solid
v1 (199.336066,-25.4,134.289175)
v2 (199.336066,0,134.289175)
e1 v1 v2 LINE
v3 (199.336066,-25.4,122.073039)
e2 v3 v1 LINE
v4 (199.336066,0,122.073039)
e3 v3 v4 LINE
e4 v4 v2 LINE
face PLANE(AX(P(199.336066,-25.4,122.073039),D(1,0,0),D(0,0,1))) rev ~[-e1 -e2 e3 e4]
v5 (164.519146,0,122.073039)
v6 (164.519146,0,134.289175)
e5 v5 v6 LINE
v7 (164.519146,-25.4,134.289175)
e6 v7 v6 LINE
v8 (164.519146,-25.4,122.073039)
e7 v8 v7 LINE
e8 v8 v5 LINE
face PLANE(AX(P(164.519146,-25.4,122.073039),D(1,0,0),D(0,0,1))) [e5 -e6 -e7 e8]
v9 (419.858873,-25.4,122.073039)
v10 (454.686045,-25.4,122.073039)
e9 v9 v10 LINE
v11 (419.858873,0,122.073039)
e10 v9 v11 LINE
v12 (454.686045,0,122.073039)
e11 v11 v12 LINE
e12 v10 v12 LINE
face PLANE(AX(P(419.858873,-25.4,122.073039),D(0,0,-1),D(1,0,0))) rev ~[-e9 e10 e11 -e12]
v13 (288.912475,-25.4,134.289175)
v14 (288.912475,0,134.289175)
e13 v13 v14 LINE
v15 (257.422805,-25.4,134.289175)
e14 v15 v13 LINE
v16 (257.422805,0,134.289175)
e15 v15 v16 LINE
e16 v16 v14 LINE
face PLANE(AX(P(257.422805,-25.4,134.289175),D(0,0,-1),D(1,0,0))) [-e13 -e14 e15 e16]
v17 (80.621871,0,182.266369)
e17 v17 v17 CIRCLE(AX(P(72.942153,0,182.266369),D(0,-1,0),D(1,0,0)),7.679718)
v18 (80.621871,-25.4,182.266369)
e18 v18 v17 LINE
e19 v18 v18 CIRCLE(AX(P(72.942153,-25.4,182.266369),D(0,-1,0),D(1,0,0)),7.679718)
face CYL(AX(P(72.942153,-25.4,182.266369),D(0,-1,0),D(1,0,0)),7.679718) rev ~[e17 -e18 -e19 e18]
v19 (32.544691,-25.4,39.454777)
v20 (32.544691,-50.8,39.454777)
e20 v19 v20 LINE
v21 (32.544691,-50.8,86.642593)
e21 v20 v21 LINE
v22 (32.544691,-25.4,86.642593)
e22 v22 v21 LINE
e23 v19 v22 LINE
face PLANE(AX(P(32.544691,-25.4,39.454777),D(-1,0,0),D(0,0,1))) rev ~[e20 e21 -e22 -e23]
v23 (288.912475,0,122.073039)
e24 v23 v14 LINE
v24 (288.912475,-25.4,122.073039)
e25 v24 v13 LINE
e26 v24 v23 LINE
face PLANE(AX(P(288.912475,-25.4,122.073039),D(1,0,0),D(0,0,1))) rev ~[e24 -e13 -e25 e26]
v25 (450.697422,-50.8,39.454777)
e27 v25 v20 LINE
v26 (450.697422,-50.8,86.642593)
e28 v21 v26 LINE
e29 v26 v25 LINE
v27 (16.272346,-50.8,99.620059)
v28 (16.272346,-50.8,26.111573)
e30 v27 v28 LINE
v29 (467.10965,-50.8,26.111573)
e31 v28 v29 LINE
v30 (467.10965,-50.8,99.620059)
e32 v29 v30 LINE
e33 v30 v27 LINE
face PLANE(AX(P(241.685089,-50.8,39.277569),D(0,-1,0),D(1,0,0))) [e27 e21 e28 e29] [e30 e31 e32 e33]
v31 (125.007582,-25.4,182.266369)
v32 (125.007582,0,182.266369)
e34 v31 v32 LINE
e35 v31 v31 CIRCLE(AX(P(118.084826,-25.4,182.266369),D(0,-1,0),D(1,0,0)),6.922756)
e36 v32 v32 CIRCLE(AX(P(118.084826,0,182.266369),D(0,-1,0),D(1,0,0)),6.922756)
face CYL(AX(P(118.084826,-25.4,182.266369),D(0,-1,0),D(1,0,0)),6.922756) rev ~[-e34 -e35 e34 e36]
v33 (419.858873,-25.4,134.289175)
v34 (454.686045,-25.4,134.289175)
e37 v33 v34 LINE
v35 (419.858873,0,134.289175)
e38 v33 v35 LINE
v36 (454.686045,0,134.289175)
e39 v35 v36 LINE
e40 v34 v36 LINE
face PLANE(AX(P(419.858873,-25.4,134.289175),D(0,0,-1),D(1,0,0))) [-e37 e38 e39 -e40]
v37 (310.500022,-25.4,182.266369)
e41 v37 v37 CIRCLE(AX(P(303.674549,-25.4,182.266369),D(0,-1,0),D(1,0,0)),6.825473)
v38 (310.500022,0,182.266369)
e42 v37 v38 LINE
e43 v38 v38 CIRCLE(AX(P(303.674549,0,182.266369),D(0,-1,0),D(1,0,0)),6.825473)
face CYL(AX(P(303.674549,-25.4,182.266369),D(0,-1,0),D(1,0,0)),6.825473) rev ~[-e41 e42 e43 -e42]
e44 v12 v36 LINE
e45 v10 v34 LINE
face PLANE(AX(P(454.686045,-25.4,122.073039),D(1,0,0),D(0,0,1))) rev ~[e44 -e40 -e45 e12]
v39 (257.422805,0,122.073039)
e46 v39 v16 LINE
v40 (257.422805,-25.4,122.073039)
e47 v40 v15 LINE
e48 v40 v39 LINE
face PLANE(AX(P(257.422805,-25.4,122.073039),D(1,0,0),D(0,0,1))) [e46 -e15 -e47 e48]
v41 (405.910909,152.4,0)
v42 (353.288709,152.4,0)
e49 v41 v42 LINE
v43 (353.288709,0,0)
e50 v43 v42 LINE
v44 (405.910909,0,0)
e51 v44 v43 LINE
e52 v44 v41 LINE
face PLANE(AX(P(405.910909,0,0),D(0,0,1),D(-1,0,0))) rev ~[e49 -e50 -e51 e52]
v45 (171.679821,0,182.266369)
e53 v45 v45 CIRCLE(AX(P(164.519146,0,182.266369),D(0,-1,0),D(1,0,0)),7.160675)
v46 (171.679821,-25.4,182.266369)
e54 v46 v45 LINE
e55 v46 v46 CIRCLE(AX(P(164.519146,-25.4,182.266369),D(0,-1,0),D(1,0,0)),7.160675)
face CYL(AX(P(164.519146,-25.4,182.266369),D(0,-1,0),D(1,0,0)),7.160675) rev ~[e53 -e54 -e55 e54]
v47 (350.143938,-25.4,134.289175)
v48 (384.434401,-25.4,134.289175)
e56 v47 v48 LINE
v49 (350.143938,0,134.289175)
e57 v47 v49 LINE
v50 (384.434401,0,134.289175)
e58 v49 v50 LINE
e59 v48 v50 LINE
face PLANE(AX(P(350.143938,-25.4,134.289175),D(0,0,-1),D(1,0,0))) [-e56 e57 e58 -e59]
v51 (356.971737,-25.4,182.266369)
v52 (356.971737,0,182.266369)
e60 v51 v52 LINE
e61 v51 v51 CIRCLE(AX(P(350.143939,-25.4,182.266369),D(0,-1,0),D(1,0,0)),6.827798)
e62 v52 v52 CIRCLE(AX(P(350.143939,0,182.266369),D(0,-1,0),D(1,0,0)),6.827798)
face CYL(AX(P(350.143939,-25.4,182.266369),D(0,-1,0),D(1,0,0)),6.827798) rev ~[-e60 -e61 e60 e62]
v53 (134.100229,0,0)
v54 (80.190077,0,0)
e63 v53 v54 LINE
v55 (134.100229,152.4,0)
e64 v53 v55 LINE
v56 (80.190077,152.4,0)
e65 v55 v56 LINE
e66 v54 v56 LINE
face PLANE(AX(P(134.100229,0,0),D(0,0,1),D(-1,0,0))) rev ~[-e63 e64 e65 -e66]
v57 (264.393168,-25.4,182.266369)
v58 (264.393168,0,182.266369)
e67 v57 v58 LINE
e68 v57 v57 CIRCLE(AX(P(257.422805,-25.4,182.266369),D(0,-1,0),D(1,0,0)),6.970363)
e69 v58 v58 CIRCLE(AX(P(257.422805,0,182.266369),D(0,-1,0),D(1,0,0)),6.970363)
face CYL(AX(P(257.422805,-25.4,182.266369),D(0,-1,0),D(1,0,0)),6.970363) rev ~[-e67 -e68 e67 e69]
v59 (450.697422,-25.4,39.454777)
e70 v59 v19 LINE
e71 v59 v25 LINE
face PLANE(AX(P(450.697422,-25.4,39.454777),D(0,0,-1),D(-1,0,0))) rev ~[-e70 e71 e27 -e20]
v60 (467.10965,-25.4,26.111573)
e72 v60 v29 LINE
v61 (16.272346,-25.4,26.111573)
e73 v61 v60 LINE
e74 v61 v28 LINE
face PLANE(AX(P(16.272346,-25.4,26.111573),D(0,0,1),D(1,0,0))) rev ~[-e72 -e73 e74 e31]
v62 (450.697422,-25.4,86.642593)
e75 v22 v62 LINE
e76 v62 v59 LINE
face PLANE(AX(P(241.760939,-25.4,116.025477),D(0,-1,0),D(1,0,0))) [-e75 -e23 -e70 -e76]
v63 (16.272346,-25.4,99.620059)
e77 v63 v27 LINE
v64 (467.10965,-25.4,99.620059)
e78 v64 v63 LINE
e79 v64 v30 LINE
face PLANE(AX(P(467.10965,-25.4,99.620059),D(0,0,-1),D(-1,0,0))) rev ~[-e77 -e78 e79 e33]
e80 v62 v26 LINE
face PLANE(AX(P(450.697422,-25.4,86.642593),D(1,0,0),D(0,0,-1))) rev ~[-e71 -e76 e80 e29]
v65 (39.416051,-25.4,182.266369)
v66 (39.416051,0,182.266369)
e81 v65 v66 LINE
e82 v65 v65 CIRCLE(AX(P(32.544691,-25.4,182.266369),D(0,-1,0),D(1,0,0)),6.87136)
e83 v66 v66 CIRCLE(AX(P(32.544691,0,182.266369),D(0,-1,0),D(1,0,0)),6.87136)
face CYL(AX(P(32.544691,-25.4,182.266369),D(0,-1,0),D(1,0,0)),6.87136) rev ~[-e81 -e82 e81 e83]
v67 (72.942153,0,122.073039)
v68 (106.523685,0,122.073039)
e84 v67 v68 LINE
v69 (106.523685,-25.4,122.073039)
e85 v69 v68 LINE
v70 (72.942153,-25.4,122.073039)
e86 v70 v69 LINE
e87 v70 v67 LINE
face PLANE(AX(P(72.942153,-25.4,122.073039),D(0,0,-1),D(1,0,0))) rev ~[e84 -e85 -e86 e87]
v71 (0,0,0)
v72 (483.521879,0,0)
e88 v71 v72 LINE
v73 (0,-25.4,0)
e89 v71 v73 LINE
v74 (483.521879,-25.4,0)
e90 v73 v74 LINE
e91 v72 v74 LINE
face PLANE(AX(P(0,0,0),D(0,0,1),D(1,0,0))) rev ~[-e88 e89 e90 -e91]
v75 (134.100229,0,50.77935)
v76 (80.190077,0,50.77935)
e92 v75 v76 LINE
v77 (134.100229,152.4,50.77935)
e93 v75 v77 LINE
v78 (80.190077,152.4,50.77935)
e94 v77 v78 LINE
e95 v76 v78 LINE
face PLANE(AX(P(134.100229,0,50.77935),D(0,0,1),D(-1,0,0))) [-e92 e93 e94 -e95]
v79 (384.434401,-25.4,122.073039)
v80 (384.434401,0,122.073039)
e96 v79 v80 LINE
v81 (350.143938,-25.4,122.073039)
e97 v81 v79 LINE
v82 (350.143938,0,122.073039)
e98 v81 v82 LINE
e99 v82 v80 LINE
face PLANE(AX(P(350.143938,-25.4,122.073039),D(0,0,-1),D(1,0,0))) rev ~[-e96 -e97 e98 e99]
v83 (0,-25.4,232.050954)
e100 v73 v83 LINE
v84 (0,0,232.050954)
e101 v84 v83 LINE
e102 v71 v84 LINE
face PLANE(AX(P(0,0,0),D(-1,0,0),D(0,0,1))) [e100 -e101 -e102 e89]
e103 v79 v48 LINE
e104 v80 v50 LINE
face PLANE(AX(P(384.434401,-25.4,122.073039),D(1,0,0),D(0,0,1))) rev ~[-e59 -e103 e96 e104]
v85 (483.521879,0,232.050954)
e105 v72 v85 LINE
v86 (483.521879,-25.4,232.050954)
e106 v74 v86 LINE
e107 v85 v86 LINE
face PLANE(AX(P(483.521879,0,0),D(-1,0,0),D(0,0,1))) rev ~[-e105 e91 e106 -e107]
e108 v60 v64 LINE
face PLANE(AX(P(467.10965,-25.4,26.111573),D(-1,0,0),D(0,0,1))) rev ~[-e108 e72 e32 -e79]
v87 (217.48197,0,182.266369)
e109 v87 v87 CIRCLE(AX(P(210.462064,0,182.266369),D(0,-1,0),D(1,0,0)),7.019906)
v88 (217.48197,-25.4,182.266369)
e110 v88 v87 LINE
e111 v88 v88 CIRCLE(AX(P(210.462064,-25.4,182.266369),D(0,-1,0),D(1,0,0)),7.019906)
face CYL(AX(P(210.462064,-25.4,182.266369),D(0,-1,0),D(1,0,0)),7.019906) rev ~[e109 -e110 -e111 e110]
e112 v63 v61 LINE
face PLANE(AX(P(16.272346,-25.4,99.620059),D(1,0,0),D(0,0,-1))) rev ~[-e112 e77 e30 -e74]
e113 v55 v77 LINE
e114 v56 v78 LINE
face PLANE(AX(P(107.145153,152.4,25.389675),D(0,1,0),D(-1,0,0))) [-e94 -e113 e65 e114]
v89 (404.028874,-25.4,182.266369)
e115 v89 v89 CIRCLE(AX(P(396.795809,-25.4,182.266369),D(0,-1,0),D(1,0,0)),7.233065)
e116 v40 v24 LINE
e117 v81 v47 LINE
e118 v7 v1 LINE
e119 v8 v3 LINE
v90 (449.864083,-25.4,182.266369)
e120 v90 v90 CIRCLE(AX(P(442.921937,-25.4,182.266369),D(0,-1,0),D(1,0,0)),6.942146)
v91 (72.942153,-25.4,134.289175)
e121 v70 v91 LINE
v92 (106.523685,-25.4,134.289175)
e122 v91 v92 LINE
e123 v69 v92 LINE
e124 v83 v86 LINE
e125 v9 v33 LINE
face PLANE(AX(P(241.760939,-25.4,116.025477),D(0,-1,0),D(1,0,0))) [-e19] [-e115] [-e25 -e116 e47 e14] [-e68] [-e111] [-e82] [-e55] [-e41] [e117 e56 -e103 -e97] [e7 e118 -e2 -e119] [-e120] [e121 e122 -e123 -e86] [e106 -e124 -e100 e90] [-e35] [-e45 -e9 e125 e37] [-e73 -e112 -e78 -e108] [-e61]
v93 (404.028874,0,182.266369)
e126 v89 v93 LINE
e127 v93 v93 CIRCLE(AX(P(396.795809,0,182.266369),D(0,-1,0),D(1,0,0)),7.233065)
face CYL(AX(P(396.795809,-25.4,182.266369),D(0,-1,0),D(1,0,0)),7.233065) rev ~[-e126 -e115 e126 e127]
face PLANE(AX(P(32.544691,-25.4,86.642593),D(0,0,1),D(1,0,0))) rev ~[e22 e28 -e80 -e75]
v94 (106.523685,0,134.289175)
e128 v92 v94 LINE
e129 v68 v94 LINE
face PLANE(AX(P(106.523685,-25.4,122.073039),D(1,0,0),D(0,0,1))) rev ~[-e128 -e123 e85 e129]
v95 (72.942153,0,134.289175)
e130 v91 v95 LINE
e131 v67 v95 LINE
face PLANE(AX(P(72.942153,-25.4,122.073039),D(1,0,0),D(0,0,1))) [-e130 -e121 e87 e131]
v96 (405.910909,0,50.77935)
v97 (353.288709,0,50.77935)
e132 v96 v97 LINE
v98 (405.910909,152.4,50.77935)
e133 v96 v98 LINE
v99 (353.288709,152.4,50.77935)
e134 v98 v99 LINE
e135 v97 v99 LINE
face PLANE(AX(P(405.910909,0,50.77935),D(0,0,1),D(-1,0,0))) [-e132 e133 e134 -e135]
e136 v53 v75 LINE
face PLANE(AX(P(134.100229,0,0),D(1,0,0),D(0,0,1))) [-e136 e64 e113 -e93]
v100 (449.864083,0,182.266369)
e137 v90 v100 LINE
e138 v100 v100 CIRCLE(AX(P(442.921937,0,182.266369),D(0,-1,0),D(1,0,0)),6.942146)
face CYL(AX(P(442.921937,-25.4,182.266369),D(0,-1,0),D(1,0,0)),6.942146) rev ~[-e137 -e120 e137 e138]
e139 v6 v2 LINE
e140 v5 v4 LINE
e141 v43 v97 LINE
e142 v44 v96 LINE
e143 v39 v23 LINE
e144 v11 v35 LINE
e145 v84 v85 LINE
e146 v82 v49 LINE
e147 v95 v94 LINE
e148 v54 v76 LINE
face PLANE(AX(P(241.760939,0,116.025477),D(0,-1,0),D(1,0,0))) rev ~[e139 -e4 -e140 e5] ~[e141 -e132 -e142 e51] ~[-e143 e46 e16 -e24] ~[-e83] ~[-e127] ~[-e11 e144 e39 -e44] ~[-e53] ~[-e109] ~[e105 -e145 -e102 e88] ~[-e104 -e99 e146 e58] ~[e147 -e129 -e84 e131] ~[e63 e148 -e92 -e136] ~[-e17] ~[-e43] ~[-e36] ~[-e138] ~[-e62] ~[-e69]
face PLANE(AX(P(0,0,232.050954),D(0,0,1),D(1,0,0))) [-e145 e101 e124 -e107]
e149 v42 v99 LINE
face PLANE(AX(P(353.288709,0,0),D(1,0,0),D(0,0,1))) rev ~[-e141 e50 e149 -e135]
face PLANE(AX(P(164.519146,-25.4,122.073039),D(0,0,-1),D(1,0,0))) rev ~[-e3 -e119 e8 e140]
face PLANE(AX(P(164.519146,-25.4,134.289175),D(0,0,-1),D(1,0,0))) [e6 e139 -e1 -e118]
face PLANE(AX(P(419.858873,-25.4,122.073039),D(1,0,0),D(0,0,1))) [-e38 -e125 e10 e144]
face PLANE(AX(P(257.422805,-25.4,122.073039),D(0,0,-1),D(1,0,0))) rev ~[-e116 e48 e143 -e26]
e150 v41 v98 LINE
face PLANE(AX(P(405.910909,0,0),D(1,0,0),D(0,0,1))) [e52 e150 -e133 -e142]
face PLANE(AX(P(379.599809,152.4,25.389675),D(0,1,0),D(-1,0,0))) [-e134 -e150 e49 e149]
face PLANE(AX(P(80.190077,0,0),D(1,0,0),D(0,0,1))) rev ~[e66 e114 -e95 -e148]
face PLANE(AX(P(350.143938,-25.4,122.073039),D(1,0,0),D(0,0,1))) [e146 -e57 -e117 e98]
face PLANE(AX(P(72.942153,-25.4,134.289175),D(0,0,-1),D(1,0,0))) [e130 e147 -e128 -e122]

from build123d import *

# Parameters (mm, degrees)
F0_W     = 483.521879
F0_H     = 232.050955
F1_DEPTH = 25.4
F2_W     = 52.622199
F2_H     = 50.77935
F2_W_2   = 53.910152
F3_DEPTH = 152.4
F4_R     = 6.942146
F4_R_2   = 7.233065
F4_R_3   = 6.827798
F4_R_4   = 6.825473
F4_R_5   = 6.970363
F4_R_6   = 7.019906
F4_R_7   = 7.160675
F4_R_8   = 6.922756
F4_R_9   = 7.679718
F4_R_10  = 6.87136
F4_W     = 33.581532
F4_H     = 12.216136
F4_W_2   = 34.816921
F4_W_3   = 31.48967
F4_W_4   = 34.290463
F4_W_5   = 34.827173
F5_DEPTH = 25.4
F6_DEPTH = 25.4


with BuildPart() as f1:
    # F0 (on Front) → F1 (new body)
    with BuildSketch(Plane.XZ):
        with Locations((241.760939, 116.025477)):
            Rectangle(F0_W, F0_H)
    extrude(amount=F1_DEPTH)

    # F2 (on face) → F3 (join)
    with BuildSketch(Plane(origin=(0, 0, 0), x_dir=(-1, 0, 0), z_dir=(0, 1, 0))):
        with Locations((-379.599809, 25.389675)):
            Rectangle(F2_W, F2_H)
        with Locations((-107.145153, 25.389675)):
            Rectangle(F2_W_2, F2_H)
    extrude(amount=F3_DEPTH)

    # F4 (on face) → F5 (cut)
    with BuildSketch(Plane.XZ.offset(25.4)):
        with Locations((442.921937, 182.266369)):
            Circle(F4_R)
        with Locations((396.795809, 182.266369)):
            Circle(F4_R_2)
        with Locations((350.143939, 182.266369)):
            Circle(F4_R_3)
        with Locations((303.674549, 182.266369)):
            Circle(F4_R_4)
        with Locations((257.422805, 182.266369)):
            Circle(F4_R_5)
        with Locations((210.462064, 182.266369)):
            Circle(F4_R_6)
        with Locations((164.519146, 182.266369)):
            Circle(F4_R_7)
        with Locations((118.084826, 182.266369)):
            Circle(F4_R_8)
        with Locations((72.942153, 182.266369)):
            Circle(F4_R_9)
        with Locations((32.544691, 182.266369)):
            Circle(F4_R_10)
        with Locations((89.732919, 128.181107)):
            Rectangle(F4_W, F4_H)
        with Locations((181.927606, 128.181107)):
            Rectangle(F4_W_2, F4_H)
        with Locations((273.16764, 128.181107)):
            Rectangle(F4_W_3, F4_H)
        with Locations((367.28917, 128.181107)):
            Rectangle(F4_W_4, F4_H)
        with Locations((437.272459, 128.181107)):
            Rectangle(F4_W_5, F4_H)
    extrude(amount=-F5_DEPTH, mode=Mode.SUBTRACT)

    # F4 (on face) → F6 (join)
    with BuildSketch(Plane.XZ.offset(25.4)):
        Polygon((32.544691, 39.454777), (32.544691, 86.642593), (16.272346, 86.642593), (16.272346, 26.111573), (467.10965, 26.111573), (467.10965, 86.642593), (450.697422, 86.642593), (450.697422, 39.454777), align=None)
        Polygon((16.272346, 86.642593), (32.544691, 86.642593), (450.697422, 86.642593), (467.10965, 86.642593), (467.10965, 99.620059), (16.272346, 99.620059), align=None)
    extrude(amount=F6_DEPTH)


solid = f1.part
